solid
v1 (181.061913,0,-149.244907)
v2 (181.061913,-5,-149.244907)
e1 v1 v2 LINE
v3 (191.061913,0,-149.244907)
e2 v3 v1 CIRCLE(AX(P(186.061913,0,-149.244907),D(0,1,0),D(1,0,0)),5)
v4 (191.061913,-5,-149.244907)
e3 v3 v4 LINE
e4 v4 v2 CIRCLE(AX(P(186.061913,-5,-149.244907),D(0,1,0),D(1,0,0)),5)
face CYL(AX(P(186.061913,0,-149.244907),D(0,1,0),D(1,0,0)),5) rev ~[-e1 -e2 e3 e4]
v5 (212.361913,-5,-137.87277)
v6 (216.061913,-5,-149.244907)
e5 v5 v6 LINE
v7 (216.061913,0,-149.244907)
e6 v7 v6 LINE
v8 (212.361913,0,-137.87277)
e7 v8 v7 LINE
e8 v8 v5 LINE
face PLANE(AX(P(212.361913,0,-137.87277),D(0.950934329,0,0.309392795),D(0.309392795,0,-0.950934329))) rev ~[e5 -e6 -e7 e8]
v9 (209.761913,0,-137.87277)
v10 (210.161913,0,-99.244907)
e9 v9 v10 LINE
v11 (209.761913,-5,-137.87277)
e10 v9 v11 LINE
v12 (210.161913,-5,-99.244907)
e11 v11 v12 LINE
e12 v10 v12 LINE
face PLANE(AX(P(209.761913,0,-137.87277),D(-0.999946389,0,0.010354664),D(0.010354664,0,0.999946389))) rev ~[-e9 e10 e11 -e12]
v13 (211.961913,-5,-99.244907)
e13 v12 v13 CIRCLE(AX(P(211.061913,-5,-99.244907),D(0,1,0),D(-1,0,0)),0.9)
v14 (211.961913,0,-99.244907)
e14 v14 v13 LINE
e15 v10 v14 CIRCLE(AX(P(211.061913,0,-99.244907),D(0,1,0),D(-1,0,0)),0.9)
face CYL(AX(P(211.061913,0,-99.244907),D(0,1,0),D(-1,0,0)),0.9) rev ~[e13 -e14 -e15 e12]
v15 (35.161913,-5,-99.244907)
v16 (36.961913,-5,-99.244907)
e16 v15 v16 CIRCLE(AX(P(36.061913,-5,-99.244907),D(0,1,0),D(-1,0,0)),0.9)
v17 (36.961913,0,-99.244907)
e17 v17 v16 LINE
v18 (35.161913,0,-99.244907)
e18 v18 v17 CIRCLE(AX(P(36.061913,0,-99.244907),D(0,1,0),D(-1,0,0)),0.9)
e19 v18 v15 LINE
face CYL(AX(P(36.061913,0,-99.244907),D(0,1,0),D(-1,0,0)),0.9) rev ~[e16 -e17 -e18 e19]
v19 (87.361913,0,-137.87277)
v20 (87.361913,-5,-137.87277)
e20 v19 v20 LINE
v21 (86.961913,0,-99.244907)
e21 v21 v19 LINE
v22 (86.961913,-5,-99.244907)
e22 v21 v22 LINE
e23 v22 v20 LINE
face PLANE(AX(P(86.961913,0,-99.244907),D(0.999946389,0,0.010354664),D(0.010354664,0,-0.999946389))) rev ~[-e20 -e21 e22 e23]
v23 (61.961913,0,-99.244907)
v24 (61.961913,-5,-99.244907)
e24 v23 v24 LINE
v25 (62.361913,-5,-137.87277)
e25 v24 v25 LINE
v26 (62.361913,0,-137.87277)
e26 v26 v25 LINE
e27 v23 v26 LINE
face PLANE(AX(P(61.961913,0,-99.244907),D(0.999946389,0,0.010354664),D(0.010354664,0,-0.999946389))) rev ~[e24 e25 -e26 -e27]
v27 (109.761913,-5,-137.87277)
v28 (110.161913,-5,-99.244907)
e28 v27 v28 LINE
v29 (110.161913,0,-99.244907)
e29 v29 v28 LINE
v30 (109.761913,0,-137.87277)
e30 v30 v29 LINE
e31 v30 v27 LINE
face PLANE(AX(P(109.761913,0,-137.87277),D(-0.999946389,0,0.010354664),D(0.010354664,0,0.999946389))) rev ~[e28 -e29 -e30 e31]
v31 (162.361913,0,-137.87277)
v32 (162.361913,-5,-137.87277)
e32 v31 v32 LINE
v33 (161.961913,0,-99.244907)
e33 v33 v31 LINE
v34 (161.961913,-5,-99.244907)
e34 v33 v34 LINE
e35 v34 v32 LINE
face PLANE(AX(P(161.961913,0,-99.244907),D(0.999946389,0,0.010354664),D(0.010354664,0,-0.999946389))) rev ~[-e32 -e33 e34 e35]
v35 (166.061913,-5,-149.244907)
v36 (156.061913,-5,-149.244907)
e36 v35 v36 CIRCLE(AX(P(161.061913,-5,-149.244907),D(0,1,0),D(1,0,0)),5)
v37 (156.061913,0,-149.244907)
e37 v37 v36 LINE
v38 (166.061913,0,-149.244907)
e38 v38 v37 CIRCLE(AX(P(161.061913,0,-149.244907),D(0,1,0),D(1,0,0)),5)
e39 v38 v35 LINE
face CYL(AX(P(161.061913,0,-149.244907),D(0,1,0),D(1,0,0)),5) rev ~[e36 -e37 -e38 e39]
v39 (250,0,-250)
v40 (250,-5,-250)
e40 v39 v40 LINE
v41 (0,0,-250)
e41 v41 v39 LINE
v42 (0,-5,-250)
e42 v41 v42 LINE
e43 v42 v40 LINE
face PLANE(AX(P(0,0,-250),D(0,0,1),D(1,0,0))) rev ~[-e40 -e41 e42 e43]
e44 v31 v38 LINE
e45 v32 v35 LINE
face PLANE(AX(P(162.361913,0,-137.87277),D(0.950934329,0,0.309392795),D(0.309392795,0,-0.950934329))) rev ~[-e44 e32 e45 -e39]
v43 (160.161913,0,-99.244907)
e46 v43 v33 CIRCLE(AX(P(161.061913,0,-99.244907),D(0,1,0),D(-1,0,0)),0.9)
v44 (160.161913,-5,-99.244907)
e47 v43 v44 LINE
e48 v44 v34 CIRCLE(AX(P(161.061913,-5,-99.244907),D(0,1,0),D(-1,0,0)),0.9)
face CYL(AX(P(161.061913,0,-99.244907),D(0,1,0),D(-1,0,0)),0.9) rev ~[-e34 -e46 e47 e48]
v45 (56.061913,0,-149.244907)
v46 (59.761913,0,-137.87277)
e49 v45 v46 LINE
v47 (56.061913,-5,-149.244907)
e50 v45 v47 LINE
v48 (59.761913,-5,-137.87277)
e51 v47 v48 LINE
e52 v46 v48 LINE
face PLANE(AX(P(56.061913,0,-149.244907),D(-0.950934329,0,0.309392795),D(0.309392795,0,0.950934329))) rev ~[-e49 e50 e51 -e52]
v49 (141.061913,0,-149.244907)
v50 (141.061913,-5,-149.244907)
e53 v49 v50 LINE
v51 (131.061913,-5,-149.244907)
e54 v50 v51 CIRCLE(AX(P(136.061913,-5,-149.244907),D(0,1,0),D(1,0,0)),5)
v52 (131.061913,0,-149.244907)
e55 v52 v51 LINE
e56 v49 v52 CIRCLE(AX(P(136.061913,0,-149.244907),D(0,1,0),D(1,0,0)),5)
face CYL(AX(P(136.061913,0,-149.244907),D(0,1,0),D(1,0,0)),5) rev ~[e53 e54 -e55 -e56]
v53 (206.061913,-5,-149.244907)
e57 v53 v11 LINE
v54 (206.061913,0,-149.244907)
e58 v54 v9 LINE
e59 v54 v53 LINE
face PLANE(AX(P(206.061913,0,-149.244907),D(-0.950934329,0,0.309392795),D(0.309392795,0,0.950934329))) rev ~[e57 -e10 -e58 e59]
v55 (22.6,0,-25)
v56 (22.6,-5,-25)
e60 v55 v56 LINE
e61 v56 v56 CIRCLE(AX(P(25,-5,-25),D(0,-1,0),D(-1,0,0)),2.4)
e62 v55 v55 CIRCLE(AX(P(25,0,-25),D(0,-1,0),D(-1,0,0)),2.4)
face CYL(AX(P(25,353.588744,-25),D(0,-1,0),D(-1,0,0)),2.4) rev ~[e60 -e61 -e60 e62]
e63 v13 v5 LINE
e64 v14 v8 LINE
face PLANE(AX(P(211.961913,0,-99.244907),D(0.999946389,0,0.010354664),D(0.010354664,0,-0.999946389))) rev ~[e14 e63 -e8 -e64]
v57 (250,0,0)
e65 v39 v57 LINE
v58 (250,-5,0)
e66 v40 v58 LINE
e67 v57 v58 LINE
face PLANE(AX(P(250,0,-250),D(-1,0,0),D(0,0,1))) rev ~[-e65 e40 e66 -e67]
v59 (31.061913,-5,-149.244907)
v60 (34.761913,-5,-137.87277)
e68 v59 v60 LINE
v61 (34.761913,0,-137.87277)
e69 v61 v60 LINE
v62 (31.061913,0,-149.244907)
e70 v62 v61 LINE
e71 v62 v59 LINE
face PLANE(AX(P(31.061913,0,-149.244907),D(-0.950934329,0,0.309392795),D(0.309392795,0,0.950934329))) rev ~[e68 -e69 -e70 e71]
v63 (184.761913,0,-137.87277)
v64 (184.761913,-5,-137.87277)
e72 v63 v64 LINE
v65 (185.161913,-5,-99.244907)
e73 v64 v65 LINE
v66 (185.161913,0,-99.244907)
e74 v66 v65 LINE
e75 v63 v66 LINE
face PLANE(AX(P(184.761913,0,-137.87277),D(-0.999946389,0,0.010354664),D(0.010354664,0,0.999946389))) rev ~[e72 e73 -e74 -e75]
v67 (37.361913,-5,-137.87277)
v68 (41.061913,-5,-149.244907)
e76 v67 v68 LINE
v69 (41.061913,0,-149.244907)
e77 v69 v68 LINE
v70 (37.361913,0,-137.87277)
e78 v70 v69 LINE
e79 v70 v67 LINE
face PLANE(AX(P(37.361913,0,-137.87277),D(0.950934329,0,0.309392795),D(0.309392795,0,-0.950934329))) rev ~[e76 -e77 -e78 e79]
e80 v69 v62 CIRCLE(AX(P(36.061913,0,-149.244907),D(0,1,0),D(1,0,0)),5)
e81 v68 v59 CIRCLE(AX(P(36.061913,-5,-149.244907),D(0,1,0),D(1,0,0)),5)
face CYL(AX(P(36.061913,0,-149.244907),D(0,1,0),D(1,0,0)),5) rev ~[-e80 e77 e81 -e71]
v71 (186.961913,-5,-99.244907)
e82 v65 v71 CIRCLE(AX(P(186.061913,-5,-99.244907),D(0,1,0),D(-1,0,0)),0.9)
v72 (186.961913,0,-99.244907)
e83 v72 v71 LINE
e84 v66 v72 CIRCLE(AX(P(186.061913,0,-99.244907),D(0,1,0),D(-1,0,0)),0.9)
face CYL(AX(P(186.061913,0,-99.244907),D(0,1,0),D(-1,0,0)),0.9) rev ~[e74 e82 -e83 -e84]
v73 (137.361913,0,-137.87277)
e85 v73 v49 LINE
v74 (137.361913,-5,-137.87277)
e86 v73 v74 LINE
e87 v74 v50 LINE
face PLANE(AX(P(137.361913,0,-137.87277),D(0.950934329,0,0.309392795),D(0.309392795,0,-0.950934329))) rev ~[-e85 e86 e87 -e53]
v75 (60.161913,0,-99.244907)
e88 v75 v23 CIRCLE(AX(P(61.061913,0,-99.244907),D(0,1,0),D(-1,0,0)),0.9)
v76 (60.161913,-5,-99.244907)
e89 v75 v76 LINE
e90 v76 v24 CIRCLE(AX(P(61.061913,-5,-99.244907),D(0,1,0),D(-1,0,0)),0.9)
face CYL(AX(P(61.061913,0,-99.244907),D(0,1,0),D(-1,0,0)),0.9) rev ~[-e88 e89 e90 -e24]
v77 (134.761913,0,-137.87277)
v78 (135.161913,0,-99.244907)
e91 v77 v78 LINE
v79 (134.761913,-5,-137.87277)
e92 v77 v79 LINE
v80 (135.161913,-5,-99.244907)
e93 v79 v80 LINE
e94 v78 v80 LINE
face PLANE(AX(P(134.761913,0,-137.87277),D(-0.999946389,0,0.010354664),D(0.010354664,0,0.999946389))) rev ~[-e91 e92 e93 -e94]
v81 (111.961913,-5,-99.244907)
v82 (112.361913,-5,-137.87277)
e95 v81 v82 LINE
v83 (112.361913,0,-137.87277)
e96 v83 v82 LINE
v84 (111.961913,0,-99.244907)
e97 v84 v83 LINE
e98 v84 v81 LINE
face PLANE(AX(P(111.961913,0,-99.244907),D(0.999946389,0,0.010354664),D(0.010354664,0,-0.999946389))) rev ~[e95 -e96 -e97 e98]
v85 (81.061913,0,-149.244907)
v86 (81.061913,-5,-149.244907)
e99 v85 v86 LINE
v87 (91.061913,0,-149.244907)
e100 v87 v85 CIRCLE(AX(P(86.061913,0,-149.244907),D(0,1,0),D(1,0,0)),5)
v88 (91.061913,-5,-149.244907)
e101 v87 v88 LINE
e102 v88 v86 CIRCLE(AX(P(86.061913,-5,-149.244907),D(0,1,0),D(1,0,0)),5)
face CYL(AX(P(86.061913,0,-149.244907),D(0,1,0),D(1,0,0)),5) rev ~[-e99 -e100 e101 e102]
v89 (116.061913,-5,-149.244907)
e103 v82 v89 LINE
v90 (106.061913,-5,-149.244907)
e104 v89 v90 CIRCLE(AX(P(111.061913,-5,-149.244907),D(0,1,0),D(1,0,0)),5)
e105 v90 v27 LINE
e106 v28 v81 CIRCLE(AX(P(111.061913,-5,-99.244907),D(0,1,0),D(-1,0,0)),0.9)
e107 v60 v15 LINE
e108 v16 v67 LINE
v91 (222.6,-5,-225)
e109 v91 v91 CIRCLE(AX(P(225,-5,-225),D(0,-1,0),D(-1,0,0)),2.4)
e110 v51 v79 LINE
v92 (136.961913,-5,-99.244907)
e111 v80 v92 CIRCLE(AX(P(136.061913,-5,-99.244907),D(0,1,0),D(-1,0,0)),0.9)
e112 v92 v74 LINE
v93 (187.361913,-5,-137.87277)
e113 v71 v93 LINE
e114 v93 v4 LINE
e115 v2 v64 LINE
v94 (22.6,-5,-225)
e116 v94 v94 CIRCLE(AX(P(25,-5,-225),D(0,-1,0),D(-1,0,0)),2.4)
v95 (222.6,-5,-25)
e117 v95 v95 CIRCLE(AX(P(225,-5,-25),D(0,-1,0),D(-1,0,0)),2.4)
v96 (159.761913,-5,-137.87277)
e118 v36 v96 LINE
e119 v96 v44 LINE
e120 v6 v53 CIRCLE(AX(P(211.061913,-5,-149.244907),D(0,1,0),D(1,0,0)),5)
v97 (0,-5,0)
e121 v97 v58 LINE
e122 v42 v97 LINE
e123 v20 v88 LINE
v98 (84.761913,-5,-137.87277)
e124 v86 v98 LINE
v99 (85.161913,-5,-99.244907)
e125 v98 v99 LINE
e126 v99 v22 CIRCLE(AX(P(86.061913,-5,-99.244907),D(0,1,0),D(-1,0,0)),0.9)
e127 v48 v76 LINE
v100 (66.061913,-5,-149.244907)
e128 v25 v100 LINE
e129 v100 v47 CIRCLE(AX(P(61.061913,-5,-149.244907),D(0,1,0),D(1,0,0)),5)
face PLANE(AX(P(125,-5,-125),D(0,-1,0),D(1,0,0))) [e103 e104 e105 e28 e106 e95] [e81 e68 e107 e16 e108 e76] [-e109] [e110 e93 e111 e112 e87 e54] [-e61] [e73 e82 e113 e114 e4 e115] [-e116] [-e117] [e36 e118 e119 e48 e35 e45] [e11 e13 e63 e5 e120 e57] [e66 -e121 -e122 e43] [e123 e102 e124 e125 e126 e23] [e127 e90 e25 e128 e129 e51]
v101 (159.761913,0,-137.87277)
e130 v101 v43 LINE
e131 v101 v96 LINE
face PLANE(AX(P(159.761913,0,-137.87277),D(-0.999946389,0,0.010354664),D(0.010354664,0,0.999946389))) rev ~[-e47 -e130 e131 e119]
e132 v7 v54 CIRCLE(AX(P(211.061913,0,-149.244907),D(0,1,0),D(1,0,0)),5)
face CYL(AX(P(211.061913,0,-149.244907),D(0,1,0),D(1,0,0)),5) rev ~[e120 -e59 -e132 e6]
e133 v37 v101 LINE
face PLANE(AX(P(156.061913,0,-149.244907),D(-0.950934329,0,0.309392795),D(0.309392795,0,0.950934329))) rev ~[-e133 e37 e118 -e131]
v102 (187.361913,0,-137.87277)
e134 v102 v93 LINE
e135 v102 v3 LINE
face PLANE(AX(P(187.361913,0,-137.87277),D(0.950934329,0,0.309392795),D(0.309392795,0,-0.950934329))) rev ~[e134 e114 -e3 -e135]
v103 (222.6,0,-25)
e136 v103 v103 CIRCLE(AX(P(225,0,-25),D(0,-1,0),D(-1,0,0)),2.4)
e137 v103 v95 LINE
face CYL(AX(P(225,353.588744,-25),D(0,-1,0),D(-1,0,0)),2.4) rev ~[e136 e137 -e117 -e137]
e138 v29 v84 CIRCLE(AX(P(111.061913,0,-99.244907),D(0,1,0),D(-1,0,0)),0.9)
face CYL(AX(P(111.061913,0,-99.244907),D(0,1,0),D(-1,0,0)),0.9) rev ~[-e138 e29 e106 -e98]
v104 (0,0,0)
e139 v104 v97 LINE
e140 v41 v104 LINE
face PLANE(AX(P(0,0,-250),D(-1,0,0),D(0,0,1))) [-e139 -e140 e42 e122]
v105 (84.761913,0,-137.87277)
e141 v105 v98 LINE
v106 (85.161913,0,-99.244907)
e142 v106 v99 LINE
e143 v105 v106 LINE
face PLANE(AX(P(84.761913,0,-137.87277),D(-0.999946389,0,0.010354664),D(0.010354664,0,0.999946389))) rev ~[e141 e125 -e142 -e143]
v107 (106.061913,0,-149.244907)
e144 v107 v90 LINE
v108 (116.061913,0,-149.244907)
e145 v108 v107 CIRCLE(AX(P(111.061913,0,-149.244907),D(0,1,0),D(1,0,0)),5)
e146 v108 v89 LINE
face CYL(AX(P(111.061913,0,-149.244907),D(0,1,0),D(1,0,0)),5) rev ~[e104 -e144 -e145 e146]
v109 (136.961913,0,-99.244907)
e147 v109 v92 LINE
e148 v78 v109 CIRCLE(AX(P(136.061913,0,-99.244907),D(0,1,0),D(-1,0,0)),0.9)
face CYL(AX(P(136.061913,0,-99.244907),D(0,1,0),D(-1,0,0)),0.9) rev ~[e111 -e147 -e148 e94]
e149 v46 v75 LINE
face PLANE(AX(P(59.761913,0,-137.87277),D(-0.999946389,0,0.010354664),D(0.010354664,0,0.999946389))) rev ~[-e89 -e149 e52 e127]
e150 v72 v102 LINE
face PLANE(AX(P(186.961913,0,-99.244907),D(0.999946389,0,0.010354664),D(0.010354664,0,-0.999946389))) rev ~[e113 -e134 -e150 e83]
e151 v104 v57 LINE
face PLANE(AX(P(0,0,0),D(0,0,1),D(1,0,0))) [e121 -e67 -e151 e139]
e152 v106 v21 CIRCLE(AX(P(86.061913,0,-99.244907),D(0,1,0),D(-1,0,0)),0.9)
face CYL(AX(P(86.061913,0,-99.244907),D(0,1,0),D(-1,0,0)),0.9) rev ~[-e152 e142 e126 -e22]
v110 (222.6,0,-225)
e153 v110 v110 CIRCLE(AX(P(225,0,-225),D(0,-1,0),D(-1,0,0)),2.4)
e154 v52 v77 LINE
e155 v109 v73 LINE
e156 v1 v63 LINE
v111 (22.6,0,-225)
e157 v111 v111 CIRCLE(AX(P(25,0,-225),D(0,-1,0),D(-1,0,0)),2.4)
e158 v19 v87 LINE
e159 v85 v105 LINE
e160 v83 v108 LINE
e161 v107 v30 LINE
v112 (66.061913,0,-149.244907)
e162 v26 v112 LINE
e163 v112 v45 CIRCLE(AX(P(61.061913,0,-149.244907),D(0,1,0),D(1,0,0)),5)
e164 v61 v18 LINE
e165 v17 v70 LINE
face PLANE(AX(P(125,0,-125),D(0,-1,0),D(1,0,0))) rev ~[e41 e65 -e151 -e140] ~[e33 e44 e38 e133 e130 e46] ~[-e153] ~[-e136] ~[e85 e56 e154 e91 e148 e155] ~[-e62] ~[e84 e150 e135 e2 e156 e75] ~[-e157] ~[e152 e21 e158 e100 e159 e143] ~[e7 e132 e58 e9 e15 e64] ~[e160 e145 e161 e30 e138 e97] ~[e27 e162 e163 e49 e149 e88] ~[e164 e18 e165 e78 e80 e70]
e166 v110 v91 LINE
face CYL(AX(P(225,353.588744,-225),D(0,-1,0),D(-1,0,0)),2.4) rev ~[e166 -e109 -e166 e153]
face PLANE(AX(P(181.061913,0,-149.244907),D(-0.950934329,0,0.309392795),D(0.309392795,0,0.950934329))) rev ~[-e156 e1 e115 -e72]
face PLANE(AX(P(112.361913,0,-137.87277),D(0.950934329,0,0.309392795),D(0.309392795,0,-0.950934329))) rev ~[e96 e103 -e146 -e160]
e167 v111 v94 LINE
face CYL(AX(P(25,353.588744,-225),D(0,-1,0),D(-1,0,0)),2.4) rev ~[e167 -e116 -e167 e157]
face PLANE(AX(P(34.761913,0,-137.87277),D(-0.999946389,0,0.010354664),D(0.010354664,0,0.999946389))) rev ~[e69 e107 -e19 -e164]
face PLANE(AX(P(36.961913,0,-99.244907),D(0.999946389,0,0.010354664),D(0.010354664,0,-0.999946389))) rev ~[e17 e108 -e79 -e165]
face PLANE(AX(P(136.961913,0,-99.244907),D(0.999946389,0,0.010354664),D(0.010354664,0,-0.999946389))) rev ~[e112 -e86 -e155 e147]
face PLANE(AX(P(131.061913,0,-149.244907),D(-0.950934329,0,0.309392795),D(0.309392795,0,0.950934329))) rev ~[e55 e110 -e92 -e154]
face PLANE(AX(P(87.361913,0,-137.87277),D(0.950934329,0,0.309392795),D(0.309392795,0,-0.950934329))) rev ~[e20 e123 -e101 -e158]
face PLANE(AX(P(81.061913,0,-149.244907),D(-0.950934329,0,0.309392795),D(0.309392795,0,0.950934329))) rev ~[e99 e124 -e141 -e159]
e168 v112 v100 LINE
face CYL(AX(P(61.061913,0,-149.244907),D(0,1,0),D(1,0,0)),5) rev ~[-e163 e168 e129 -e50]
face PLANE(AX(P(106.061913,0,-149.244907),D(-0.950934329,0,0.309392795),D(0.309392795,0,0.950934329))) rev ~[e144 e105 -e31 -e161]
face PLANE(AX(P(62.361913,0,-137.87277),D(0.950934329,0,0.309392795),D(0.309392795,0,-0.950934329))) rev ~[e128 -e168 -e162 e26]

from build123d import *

# Parameters (mm, degrees)
F0_W     = 250
F0_H     = 250
F1_DEPTH = 5
F2_D     = 4.8


with BuildPart() as f1:
    # F0 (on Front) → F1 (new body)
    with BuildSketch(Plane.XZ):
        with Locations((125, -125)):
            Rectangle(F0_W, F0_H)
        with BuildLine():
            ThreePointArc((41.0619131156, -149.2449066583), (36.0619131156, -154.2449066583), (31.0619131156, -149.2449066583))
            Line((31.0619131156, -149.2449066583), (34.7619131156, -137.8727704287))
            Line((34.7619131156, -137.8727704287), (35.1619131156, -99.2449066583))
            ThreePointArc((35.1619131156, -99.2449066583), (36.0619131156, -98.3449066583), (36.9619131156, -99.2449066583))
            Line((36.9619131156, -99.2449066583), (37.3619131156, -137.8727704287))
            Line((37.3619131156, -137.8727704287), (41.0619131156, -149.2449066583))
        make_face(mode=Mode.SUBTRACT)
        with BuildLine():
            Line((62.3619131156, -137.8727704287), (66.0619131156, -149.2449066583))
            ThreePointArc((66.0619131156, -149.2449066583), (61.0619131156, -154.2449066583), (56.0619131156, -149.2449066583))
            Line((56.0619131156, -149.2449066583), (59.7619131156, -137.8727704287))
            Line((59.7619131156, -137.8727704287), (60.1619131156, -99.2449066583))
            ThreePointArc((60.1619131156, -99.2449066583), (61.0619131156, -98.3449066583), (61.9619131156, -99.2449066583))
            Line((61.9619131156, -99.2449066583), (62.3619131156, -137.8727704287))
        make_face(mode=Mode.SUBTRACT)
        with BuildLine():
            Line((87.3619131156, -137.8727704287), (91.0619131156, -149.2449066583))
            ThreePointArc((91.0619131156, -149.2449066583), (86.0619131156, -154.2449066583), (81.0619131156, -149.2449066583))
            Line((81.0619131156, -149.2449066583), (84.7619131156, -137.8727704287))
            Line((84.7619131156, -137.8727704287), (85.1619131156, -99.2449066583))
            ThreePointArc((85.1619131156, -99.2449066583), (86.0619131156, -98.3449066583), (86.9619131156, -99.2449066583))
            Line((86.9619131156, -99.2449066583), (87.3619131156, -137.8727704287))
        make_face(mode=Mode.SUBTRACT)
        with BuildLine():
            Line((112.3619131156, -137.8727704287), (116.0619131156, -149.2449066583))
            ThreePointArc((116.0619131156, -149.2449066583), (111.0619131156, -154.2449066583), (106.0619131156, -149.2449066583))
            Line((106.0619131156, -149.2449066583), (109.7619131156, -137.8727704287))
            Line((109.7619131156, -137.8727704287), (110.1619131156, -99.2449066583))
            ThreePointArc((110.1619131156, -99.2449066583), (111.0619131156, -98.3449066583), (111.9619131156, -99.2449066583))
            Line((111.9619131156, -99.2449066583), (112.3619131156, -137.8727704287))
        make_face(mode=Mode.SUBTRACT)
        with BuildLine():
            Line((137.3619131156, -137.8727704287), (141.0619131156, -149.2449066583))
            ThreePointArc((141.0619131156, -149.2449066583), (136.0619131156, -154.2449066583), (131.0619131156, -149.2449066583))
            Line((131.0619131156, -149.2449066583), (134.7619131156, -137.8727704287))
            Line((134.7619131156, -137.8727704287), (135.1619131156, -99.2449066583))
            ThreePointArc((135.1619131156, -99.2449066583), (136.0619131156, -98.3449066583), (136.9619131156, -99.2449066583))
            Line((136.9619131156, -99.2449066583), (137.3619131156, -137.8727704287))
        make_face(mode=Mode.SUBTRACT)
        with BuildLine():
            Line((162.3619131156, -137.8727704287), (166.0619131156, -149.2449066583))
            ThreePointArc((166.0619131156, -149.2449066583), (161.0619131156, -154.2449066583), (156.0619131156, -149.2449066583))
            Line((156.0619131156, -149.2449066583), (159.7619131156, -137.8727704287))
            Line((159.7619131156, -137.8727704287), (160.1619131156, -99.2449066583))
            ThreePointArc((160.1619131156, -99.2449066583), (161.0619131156, -98.3449066583), (161.9619131156, -99.2449066583))
            Line((161.9619131156, -99.2449066583), (162.3619131156, -137.8727704287))
        make_face(mode=Mode.SUBTRACT)
        with BuildLine():
            Line((187.3619131156, -137.8727704287), (191.0619131156, -149.2449066583))
            ThreePointArc((191.0619131156, -149.2449066583), (186.0619131156, -154.2449066583), (181.0619131156, -149.2449066583))
            Line((181.0619131156, -149.2449066583), (184.7619131156, -137.8727704287))
            Line((184.7619131156, -137.8727704287), (185.1619131156, -99.2449066583))
            ThreePointArc((185.1619131156, -99.2449066583), (186.0619131156, -98.3449066583), (186.9619131156, -99.2449066583))
            Line((186.9619131156, -99.2449066583), (187.3619131156, -137.8727704287))
        make_face(mode=Mode.SUBTRACT)
        with BuildLine():
            Line((212.3619131156, -137.8727704287), (216.0619131156, -149.2449066583))
            ThreePointArc((216.0619131156, -149.2449066583), (211.0619131156, -154.2449066583), (206.0619131156, -149.2449066583))
            Line((206.0619131156, -149.2449066583), (209.7619131156, -137.8727704287))
            Line((209.7619131156, -137.8727704287), (210.1619131156, -99.2449066583))
            ThreePointArc((210.1619131156, -99.2449066583), (211.0619131156, -98.3449066583), (211.9619131156, -99.2449066583))
            Line((211.9619131156, -99.2449066583), (212.3619131156, -137.8727704287))
        make_face(mode=Mode.SUBTRACT)
    extrude(amount=F1_DEPTH)

    # F2 (through all)
    with Locations(Plane(origin=(0, 0, 0), x_dir=(1, 0, 0), z_dir=(0, 1, 0))):
        with Locations((25, 25), (225, 25), (225, 225), (25, 225)):
            Hole(F2_D / 2)


solid = f1.part
